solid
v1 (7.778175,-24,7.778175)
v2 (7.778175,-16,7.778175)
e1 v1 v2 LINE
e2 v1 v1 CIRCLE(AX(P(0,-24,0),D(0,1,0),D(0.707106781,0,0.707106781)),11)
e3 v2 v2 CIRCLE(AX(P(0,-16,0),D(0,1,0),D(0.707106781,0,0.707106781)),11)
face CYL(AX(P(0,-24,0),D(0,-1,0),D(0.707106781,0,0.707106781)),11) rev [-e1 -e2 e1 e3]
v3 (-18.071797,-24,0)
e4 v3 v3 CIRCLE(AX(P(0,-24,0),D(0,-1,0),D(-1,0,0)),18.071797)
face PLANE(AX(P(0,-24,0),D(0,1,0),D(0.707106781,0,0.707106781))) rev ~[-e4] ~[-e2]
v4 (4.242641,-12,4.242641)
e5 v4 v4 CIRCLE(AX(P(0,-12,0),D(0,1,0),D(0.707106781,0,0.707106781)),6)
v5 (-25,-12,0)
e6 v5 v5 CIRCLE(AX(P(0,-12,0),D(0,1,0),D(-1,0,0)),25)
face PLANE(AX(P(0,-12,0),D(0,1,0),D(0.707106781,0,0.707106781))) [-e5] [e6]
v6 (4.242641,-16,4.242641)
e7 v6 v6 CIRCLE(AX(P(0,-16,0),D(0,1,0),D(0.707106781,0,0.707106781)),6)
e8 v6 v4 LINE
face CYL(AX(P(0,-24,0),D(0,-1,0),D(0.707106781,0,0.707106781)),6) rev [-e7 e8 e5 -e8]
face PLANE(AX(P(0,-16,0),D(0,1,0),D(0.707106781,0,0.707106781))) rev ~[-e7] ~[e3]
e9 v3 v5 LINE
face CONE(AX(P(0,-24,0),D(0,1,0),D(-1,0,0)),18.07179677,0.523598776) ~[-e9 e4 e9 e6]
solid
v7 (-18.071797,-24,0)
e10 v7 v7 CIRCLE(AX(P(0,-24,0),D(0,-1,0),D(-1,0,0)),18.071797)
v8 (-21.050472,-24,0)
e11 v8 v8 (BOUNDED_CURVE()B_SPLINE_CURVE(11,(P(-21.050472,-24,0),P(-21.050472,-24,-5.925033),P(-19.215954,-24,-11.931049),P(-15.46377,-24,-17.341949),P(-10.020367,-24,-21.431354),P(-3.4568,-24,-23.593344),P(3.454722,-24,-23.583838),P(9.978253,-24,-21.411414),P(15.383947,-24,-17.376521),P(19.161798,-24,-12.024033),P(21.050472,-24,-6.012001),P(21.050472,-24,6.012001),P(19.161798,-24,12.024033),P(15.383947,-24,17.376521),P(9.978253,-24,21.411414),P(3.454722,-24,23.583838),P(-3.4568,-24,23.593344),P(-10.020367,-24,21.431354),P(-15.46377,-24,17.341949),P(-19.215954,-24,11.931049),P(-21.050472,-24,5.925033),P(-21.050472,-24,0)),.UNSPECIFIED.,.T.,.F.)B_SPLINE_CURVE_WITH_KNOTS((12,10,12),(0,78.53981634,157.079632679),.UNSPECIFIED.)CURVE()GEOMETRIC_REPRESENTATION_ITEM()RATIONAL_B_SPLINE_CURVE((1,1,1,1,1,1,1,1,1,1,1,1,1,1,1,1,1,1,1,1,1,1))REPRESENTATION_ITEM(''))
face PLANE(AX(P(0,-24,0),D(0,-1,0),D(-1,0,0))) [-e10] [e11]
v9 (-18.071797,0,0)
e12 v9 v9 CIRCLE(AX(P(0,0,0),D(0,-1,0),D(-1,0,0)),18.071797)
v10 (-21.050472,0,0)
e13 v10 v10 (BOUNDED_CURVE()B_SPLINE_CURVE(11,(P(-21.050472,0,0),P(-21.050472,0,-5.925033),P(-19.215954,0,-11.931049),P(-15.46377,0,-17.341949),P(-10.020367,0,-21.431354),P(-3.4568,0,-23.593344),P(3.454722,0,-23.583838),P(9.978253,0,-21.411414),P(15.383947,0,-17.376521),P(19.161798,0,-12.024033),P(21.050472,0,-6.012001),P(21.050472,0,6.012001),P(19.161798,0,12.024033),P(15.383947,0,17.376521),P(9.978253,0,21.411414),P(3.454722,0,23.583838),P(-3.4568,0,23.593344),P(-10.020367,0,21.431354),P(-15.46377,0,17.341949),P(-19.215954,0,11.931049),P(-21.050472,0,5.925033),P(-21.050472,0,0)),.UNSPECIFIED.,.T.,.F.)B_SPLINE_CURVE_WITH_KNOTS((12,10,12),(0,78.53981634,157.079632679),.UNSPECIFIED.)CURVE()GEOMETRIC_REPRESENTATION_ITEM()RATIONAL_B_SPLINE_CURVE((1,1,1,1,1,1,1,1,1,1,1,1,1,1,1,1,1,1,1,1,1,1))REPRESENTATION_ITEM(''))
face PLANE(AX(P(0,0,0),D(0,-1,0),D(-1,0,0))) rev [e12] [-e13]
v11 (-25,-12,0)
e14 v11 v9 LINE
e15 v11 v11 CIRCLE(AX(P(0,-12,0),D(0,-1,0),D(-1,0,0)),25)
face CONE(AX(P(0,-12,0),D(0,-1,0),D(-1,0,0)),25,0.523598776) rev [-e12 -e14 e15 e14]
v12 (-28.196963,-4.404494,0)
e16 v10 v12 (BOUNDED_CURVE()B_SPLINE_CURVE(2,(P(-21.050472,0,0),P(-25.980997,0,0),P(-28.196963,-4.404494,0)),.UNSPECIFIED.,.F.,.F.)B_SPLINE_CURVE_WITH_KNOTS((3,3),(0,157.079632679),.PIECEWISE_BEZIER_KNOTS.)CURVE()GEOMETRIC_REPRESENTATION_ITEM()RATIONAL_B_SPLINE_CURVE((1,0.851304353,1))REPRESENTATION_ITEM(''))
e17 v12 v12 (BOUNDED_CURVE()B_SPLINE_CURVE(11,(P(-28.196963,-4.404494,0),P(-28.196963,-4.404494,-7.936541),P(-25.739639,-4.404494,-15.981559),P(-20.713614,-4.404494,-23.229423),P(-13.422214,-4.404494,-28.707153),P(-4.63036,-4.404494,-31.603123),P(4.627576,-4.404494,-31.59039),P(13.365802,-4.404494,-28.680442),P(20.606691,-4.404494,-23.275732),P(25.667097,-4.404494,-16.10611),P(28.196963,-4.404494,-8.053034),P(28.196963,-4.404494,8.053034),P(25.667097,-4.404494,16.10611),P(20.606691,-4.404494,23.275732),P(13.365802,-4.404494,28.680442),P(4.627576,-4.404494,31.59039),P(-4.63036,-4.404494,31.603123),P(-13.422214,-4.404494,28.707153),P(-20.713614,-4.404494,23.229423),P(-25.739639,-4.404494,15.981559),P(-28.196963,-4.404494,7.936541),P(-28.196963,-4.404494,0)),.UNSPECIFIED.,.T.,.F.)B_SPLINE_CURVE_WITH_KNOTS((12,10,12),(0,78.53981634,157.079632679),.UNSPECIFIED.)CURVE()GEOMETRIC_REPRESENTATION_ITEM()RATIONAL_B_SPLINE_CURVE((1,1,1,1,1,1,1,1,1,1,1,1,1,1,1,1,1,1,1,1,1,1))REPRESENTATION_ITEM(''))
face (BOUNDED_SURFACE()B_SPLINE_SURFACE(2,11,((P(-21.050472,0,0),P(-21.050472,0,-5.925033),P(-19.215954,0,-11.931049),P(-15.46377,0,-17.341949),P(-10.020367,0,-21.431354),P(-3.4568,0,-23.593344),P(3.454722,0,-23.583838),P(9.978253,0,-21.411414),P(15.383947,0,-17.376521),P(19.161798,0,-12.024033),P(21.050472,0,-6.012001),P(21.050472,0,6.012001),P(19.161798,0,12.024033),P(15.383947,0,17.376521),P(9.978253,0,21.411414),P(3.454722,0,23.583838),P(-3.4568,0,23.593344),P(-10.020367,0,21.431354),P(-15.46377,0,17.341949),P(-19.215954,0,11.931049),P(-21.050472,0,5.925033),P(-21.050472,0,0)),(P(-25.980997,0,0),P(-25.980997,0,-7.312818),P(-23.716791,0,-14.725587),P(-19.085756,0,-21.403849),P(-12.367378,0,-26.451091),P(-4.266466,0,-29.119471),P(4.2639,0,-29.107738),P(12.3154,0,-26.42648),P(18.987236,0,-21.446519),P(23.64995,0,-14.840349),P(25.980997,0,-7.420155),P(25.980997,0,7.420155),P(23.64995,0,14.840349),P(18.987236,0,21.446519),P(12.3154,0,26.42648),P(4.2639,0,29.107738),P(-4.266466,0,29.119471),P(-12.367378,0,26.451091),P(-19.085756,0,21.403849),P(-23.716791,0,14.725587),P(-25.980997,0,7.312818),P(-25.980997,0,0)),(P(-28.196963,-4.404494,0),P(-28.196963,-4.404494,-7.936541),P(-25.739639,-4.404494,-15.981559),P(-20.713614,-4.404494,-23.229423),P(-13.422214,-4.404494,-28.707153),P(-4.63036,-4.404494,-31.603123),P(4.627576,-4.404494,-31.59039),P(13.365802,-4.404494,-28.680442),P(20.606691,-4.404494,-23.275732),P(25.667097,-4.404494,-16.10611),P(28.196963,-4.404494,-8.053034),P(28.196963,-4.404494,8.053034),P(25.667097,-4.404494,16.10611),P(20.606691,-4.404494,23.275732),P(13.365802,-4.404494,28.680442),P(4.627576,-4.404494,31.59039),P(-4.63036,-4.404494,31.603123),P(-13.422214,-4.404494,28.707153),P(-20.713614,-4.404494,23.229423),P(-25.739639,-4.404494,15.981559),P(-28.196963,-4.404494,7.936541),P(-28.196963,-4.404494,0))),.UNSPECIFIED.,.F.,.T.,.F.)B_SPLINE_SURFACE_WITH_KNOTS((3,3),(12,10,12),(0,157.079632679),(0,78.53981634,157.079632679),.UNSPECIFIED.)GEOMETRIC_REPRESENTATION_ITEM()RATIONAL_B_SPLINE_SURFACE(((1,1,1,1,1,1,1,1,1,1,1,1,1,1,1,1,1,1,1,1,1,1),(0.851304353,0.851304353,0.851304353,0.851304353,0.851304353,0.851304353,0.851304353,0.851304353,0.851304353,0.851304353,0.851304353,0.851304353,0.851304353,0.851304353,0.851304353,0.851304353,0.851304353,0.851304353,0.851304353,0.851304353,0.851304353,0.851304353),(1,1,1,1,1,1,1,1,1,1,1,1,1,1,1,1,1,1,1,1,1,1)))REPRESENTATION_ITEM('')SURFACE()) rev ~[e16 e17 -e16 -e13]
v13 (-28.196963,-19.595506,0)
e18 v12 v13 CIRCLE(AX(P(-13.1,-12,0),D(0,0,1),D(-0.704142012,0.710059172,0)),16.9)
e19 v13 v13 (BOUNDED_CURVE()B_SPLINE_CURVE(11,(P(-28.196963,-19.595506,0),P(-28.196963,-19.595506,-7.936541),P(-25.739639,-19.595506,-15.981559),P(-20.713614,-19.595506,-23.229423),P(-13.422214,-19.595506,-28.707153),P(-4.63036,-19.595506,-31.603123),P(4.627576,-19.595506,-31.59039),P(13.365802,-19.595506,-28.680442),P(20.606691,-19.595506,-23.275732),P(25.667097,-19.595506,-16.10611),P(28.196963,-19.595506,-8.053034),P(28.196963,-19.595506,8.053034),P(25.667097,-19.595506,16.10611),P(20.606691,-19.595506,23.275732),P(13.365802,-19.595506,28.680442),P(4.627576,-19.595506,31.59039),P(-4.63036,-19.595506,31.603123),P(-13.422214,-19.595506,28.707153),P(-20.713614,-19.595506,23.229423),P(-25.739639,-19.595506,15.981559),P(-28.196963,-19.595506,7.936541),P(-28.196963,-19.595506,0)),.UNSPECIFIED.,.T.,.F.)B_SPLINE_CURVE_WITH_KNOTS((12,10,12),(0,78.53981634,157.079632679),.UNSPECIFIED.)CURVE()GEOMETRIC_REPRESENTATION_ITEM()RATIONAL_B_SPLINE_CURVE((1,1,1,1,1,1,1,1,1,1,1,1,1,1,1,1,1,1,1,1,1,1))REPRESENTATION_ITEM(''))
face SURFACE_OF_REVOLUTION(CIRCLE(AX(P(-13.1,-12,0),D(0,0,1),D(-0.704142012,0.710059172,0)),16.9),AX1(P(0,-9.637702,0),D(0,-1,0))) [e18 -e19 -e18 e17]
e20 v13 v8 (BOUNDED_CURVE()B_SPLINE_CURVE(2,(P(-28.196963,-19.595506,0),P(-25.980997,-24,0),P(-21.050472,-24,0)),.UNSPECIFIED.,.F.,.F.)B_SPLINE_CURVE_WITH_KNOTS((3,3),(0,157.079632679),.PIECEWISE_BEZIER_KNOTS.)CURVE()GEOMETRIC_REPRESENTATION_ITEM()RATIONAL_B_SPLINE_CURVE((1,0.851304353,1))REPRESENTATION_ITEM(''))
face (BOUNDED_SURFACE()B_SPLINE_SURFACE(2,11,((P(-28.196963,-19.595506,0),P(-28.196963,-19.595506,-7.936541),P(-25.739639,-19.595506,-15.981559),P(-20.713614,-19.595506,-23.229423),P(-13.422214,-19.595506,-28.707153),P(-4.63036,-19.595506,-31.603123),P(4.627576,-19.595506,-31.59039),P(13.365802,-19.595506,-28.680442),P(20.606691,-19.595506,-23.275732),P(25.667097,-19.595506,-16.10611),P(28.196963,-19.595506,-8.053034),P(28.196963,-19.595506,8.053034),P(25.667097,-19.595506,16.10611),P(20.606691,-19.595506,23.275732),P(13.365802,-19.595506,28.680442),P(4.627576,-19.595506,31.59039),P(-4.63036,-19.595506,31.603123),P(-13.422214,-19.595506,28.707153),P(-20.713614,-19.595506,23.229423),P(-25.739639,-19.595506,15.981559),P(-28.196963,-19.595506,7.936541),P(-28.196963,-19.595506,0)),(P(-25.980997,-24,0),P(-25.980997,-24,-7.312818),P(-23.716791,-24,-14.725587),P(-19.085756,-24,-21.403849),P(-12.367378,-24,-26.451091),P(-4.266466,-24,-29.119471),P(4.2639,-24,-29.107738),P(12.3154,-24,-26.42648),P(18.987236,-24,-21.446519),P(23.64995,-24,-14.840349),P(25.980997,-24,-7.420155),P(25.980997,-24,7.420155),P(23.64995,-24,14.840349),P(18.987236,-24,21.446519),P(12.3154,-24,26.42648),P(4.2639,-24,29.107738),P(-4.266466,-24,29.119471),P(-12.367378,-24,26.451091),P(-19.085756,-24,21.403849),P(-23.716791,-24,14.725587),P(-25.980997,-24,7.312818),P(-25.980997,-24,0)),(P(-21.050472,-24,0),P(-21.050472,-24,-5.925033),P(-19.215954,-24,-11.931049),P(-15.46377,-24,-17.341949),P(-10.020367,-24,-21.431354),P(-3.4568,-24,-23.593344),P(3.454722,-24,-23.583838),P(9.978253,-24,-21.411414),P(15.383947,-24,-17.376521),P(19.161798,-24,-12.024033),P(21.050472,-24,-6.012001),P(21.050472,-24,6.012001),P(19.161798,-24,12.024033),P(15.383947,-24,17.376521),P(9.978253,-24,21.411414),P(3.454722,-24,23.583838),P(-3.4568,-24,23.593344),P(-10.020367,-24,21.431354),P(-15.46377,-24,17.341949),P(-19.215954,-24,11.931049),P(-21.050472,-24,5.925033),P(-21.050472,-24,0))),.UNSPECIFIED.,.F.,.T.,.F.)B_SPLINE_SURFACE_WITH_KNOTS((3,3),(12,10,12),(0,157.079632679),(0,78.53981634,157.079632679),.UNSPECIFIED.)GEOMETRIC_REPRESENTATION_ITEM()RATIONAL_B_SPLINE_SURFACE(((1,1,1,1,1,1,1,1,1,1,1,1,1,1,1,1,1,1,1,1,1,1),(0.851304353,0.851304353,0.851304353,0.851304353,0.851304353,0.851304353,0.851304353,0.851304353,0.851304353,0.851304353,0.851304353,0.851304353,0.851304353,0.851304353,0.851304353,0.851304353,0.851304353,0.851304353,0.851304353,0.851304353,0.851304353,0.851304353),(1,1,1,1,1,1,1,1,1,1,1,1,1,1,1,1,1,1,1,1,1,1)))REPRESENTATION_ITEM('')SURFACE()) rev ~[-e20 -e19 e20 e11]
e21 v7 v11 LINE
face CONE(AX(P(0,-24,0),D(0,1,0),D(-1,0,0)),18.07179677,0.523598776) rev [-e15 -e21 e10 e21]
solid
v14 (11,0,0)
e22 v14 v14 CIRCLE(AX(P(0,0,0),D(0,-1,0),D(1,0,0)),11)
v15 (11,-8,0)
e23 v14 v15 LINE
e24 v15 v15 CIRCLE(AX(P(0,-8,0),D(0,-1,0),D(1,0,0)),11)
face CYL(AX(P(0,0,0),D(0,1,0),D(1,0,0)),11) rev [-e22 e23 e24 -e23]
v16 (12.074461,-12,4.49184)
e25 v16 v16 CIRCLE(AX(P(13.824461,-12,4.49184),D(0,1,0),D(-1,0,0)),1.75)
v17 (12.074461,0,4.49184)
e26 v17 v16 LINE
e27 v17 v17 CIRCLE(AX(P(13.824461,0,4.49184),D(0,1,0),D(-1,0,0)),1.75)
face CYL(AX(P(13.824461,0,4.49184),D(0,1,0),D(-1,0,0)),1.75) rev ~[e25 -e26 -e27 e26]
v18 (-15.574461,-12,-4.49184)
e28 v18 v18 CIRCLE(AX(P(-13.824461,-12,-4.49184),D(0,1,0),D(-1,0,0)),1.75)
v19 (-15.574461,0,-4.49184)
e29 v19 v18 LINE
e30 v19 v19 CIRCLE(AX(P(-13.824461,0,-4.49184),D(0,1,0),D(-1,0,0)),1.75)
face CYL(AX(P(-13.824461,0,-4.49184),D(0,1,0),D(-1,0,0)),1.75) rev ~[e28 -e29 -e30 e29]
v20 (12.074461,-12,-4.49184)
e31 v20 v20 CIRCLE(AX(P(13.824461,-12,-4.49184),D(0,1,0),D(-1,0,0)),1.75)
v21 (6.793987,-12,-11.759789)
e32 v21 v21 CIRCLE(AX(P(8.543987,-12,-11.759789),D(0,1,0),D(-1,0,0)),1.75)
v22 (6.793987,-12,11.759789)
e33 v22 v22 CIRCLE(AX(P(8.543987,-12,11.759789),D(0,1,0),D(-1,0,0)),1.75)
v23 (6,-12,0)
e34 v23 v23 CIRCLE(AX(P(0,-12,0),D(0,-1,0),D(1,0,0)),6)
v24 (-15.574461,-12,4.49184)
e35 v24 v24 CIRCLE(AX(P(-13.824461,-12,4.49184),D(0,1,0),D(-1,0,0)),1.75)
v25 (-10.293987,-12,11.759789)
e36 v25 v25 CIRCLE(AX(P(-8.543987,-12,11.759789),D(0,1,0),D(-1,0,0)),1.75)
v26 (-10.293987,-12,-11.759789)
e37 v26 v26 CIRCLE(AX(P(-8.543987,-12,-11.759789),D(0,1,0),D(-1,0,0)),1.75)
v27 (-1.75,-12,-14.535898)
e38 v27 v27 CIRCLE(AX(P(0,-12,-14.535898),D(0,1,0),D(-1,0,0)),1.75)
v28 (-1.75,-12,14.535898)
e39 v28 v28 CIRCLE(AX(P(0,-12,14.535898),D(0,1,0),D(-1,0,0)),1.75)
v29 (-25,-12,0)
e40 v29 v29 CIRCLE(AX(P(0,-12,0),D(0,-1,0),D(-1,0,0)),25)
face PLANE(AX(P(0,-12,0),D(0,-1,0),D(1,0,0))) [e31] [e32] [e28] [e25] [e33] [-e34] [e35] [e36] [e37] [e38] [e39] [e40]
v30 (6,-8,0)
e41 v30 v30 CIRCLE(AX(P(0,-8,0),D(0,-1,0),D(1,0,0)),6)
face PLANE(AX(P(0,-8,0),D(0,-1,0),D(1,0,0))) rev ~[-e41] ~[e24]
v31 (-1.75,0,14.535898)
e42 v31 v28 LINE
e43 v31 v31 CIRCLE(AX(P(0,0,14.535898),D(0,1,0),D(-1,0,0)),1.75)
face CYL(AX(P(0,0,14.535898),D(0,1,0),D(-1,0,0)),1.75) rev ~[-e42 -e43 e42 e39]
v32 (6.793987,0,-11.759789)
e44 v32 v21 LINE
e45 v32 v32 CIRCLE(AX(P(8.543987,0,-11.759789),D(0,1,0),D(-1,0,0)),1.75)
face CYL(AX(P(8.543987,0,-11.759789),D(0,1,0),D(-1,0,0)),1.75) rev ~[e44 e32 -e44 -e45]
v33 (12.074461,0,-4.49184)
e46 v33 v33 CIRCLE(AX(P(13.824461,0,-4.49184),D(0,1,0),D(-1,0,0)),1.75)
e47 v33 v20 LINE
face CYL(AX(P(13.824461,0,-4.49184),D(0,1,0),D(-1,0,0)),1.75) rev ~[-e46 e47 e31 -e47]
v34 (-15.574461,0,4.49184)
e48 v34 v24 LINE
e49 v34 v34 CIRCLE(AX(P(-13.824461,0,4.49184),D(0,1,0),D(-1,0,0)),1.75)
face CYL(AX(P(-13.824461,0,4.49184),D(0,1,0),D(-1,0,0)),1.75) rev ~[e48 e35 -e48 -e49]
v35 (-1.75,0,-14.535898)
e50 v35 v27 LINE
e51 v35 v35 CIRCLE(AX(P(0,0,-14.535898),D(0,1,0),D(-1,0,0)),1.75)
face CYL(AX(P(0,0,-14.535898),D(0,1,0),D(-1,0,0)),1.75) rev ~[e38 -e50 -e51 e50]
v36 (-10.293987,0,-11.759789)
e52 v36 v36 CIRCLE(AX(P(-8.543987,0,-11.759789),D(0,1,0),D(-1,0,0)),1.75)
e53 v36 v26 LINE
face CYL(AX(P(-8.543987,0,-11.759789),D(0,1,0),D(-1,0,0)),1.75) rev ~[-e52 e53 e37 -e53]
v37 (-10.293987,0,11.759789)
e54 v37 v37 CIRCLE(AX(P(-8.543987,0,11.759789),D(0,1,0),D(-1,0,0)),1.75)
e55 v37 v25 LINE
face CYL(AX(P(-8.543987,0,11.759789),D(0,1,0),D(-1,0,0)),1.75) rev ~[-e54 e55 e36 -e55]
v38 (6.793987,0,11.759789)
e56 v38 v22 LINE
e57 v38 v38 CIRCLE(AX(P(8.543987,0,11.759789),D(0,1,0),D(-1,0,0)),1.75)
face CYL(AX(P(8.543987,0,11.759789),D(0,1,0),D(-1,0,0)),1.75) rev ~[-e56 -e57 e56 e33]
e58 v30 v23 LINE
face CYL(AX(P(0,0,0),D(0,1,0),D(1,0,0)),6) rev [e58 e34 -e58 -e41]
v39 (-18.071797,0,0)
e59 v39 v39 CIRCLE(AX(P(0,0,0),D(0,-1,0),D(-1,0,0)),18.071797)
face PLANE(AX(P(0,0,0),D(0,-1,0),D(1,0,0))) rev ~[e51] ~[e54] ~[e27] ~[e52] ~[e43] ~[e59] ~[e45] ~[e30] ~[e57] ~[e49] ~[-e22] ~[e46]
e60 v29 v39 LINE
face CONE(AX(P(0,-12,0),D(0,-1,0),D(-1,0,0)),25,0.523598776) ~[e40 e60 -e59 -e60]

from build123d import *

# Parameters (mm, degrees)
F0_R      = 25
F0_R_2    = 11
F0_R_3    = 6
F1_DEPTH  = 12
F2_DEPTH  = 8
F6_ANGLE  = 180
F7_ANGLE  = 45
F12_R     = 1.75
F13_DEPTH = 24.0010001
F14_R     = 8


with BuildPart() as f1:
    # F0 (on Front) → F1 (new body)
    with BuildSketch(Plane.XZ):
        Circle(F0_R)
        Circle(F0_R_2, mode=Mode.SUBTRACT)
        Circle(F0_R_2)
        Circle(F0_R_3, mode=Mode.SUBTRACT)
    extrude(amount=F1_DEPTH)

    # F0 (on Front) → F2 (cut)
    with BuildSketch(Plane.XZ):
        Circle(F0_R_2)
        Circle(F0_R_3, mode=Mode.SUBTRACT)
    extrude(amount=F2_DEPTH, mode=Mode.SUBTRACT)


with BuildPart() as f6_1:
    # F6: copy of F1
    add(f1.part.rotate(Axis((1.772726886, -12, 0), (1, 0, 0)), F6_ANGLE))


with BuildPart() as f6_1_1:
    # F7: moved
    add(f6_1.part.rotate(Axis((0, -9.6377022564, 0), (0, -1, 0)), F7_ANGLE))


with BuildPart() as f9_tool:
    # F8 (on Top) → F9 (revolve)
    with BuildSketch(Plane.XY):
        Polygon((-25, 0), (-25, -12), (-18.0717967697, 0), align=None)
        Polygon((-18.0717967697, -24), (-25, -12), (-25, -24), align=None)
    revolve(axis=Axis((0, -9.6377022564, 0), (0, -1, 0)))


with BuildPart() as f1_1:
    add(f1.part)

    # F9: cut by f9_tool
    add(f9_tool.part, mode=Mode.SUBTRACT)

    # F12 (on face) → F13 (cut, through all)
    with BuildSketch(Plane(origin=(0, 0, 0), x_dir=(-1, 0, 0), z_dir=(0, 1, 0))):
        with Locations((0, -14.5358983849)):
            Circle(F12_R)
        with Locations((8.5439866994, -11.7597888219)):
            Circle(F12_R)
        with Locations((13.8244608791, -4.4918396294)):
            Circle(F12_R)
        with Locations((13.8244608791, 4.4918396294)):
            Circle(F12_R)
        with Locations((8.5439866994, 11.7597888219)):
            Circle(F12_R)
        with Locations((0, 14.5358983849)):
            Circle(F12_R)
        with Locations((-8.5439866994, 11.7597888219)):
            Circle(F12_R)
        with Locations((-13.8244608791, 4.4918396294)):
            Circle(F12_R)
        with Locations((-13.8244608791, -4.4918396294)):
            Circle(F12_R)
        with Locations((-8.5439866994, -11.7597888219)):
            Circle(F12_R)
    extrude(amount=-F13_DEPTH, mode=Mode.SUBTRACT)


with BuildPart() as f6_1_2:
    add(f6_1_1.part)

    # F9: cut by f9_tool
    add(f9_tool.part, mode=Mode.SUBTRACT)


with BuildPart() as f11:
    # F10 (on Top) → F11 (revolve)
    with BuildSketch(Plane.XY):
        with BuildLine():
            Line((-25, -12), (-18.0717967697, 0))
            Line((-18.0717967697, 0), (-25, 0))
            ThreePointArc((-25, 0), (-30, -12), (-25, -24))
            Line((-25, -24), (-18.0717967697, -24))
            Line((-18.0717967697, -24), (-25, -12))
        make_face()
    revolve(axis=Axis((0, -9.6377022564, 0), (0, -1, 0)))

    # F14
    f14_edges = [f11.edges().sort_by_distance(p)[0] for p in [
        (25, -24, 0),
        (25, 0, 0),
    ]]
    fillet(f14_edges, radius=F14_R)


solid = Compound([f1_1.part, f6_1_2.part, f11.part])
